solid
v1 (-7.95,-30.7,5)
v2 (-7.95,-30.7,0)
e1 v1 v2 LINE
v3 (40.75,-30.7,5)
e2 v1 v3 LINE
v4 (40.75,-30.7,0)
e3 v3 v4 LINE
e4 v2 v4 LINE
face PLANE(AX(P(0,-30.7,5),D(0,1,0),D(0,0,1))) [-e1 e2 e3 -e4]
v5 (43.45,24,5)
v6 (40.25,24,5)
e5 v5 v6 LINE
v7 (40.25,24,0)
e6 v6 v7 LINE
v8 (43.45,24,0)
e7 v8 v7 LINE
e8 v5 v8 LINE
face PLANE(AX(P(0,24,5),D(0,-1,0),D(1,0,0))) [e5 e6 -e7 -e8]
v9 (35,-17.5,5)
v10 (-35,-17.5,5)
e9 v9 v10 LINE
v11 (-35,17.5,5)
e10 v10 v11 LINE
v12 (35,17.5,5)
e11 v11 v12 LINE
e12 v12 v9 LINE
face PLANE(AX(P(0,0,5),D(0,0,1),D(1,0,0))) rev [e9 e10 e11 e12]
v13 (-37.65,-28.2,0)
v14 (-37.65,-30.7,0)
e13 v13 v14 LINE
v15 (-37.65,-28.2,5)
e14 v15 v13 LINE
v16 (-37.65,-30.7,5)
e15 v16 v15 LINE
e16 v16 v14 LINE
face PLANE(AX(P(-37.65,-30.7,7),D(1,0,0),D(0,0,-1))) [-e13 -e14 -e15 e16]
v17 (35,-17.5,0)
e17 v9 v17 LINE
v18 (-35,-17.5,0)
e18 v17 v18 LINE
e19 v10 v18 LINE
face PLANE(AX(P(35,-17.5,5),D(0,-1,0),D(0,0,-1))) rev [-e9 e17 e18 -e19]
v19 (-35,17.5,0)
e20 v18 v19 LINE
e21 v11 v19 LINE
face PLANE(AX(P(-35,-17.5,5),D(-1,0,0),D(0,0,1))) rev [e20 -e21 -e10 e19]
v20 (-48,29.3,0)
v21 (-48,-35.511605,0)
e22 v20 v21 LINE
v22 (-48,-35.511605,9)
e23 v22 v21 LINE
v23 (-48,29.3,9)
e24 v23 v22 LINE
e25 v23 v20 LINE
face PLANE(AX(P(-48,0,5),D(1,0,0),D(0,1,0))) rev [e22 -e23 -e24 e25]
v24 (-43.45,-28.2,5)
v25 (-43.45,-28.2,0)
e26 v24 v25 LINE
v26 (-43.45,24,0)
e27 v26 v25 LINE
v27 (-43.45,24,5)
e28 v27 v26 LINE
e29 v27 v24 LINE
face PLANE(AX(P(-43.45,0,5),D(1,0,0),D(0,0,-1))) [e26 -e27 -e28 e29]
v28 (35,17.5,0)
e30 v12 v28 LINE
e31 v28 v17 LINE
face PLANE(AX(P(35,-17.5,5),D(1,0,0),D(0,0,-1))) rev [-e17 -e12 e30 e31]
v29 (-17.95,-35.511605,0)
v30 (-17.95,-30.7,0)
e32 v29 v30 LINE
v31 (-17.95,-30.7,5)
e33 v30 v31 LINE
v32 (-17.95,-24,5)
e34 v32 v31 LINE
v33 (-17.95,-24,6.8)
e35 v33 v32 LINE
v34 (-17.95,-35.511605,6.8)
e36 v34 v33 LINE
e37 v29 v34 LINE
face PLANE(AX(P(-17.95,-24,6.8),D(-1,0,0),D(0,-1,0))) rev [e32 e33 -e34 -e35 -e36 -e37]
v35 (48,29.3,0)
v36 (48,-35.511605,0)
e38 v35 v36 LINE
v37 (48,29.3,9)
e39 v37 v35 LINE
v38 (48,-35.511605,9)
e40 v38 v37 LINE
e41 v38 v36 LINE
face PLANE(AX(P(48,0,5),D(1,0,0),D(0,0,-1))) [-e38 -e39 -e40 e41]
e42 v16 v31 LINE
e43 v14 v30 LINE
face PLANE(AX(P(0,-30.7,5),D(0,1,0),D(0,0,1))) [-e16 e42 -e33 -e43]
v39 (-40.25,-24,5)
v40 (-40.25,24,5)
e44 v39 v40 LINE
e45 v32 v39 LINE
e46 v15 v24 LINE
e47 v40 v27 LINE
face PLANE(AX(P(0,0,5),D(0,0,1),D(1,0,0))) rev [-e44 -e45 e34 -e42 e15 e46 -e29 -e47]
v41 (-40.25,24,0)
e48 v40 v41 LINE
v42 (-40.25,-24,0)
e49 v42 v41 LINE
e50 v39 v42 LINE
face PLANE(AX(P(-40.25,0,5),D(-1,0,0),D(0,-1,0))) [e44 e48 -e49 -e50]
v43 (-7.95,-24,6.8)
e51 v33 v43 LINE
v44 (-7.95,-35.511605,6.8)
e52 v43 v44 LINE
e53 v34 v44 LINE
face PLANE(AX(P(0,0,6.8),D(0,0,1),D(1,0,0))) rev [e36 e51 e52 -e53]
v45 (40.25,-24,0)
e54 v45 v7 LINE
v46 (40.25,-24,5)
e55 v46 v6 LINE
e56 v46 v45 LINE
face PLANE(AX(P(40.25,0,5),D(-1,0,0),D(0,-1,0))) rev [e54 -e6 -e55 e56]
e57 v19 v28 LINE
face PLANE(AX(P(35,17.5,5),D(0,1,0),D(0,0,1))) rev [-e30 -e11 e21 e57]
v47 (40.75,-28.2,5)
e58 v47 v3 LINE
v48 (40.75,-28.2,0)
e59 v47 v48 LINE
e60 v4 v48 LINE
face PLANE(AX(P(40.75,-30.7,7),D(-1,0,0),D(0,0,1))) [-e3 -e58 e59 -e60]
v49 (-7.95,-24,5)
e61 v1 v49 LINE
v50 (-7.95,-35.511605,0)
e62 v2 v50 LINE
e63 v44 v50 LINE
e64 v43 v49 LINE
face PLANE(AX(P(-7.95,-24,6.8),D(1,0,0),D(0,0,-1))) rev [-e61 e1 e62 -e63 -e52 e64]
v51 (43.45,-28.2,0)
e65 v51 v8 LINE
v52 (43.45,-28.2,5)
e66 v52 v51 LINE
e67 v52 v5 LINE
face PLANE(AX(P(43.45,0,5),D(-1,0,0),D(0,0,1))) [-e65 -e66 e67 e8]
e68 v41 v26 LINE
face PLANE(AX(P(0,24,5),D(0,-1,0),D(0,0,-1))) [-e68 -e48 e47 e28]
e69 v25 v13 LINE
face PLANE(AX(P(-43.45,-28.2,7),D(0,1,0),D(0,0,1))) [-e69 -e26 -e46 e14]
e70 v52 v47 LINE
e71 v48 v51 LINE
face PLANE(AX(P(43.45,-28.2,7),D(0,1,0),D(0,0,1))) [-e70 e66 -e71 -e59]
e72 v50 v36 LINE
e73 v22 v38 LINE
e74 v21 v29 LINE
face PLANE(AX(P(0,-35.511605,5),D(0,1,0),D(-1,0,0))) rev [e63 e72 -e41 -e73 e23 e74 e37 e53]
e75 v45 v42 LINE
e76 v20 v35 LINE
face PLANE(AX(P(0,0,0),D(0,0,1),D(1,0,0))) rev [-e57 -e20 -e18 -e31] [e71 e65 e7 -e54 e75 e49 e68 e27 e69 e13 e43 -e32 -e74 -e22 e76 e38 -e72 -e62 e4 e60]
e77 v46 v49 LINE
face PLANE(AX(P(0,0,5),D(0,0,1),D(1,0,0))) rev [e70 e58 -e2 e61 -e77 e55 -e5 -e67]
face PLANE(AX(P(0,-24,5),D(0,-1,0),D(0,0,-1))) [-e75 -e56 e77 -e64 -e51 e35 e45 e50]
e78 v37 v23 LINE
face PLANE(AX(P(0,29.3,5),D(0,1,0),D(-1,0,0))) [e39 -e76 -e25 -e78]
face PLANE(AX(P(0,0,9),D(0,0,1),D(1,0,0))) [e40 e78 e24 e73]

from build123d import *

# Parameters (mm, degrees)
CROQUIS1_W              = 80.5
CROQUIS1_H              = 53.3
SALIENTE_EXTRUIR1_DEPTH = 5
CROQUIS2_W              = 96
CROQUIS2_H              = 64.811604732
SALIENTE_EXTRUIR2_DEPTH = 4
CROQUIS3_W              = 10
CROQUIS3_H              = 15
CORTAR_EXTRUIR1_DEPTH   = 6.8
CROQUIS4_W              = 5.8
CROQUIS4_H              = 2.5
CROQUIS4_W_2            = 2.7
SALIENTE_EXTRUIR3_DEPTH = 7
CROQUIS5_W              = 70
CROQUIS5_H              = 35
CORTAR_EXTRUIR2_DEPTH   = 5


with BuildPart() as part:
    # Croquis1 → Saliente-Extruir1 (new body)
    with BuildSketch(Plane.XY):
        Polygon((-43.45, 24), (-40.25, 24), (-40.25, 29.3), (-48, 29.3), (-48, -35.511604732), (48, -35.511604732), (48, 29.3), (40.25, 29.3), (40.25, 24), (43.45, 24), (43.45, -30.7), (-43.45, -30.7), align=None)
        with Locations((0, 2.65)):
            Rectangle(CROQUIS1_W, CROQUIS1_H)
    extrude(amount=SALIENTE_EXTRUIR1_DEPTH)

    # Croquis2 → Saliente-Extruir2 (add)
    with BuildSketch(Plane.XY.offset(5)):
        with Locations((0, -3.105802366)):
            Rectangle(CROQUIS2_W, CROQUIS2_H)
    extrude(amount=SALIENTE_EXTRUIR2_DEPTH)

    # Croquis3 → Cortar-Extruir1 (cut)
    with BuildSketch(Plane(origin=(0, 0, 0), x_dir=(-1, 0, 0), z_dir=(0, 0, -1))):
        with Locations((12.95, -31.5)):
            Rectangle(CROQUIS3_W, CROQUIS3_H)
    extrude(amount=-CORTAR_EXTRUIR1_DEPTH, mode=Mode.SUBTRACT)

    # Croquis4 → Saliente-Extruir3 (add)
    with BuildSketch(Plane(origin=(0, 0, 0), x_dir=(-1, 0, 0), z_dir=(0, 0, -1))):
        with Locations((40.55, -29.45)):
            Rectangle(CROQUIS4_W, CROQUIS4_H)
        with Locations((-42.1, -29.45)):
            Rectangle(CROQUIS4_W_2, CROQUIS4_H)
    extrude(amount=-SALIENTE_EXTRUIR3_DEPTH)

    # Croquis5 → Cortar-Extruir2 (cut)
    with BuildSketch(Plane(origin=(0, 0, 0), x_dir=(-1, 0, 0), z_dir=(0, 0, -1))):
        Rectangle(CROQUIS5_W, CROQUIS5_H)
    extrude(amount=-CORTAR_EXTRUIR2_DEPTH, mode=Mode.SUBTRACT)


solid = part.part
